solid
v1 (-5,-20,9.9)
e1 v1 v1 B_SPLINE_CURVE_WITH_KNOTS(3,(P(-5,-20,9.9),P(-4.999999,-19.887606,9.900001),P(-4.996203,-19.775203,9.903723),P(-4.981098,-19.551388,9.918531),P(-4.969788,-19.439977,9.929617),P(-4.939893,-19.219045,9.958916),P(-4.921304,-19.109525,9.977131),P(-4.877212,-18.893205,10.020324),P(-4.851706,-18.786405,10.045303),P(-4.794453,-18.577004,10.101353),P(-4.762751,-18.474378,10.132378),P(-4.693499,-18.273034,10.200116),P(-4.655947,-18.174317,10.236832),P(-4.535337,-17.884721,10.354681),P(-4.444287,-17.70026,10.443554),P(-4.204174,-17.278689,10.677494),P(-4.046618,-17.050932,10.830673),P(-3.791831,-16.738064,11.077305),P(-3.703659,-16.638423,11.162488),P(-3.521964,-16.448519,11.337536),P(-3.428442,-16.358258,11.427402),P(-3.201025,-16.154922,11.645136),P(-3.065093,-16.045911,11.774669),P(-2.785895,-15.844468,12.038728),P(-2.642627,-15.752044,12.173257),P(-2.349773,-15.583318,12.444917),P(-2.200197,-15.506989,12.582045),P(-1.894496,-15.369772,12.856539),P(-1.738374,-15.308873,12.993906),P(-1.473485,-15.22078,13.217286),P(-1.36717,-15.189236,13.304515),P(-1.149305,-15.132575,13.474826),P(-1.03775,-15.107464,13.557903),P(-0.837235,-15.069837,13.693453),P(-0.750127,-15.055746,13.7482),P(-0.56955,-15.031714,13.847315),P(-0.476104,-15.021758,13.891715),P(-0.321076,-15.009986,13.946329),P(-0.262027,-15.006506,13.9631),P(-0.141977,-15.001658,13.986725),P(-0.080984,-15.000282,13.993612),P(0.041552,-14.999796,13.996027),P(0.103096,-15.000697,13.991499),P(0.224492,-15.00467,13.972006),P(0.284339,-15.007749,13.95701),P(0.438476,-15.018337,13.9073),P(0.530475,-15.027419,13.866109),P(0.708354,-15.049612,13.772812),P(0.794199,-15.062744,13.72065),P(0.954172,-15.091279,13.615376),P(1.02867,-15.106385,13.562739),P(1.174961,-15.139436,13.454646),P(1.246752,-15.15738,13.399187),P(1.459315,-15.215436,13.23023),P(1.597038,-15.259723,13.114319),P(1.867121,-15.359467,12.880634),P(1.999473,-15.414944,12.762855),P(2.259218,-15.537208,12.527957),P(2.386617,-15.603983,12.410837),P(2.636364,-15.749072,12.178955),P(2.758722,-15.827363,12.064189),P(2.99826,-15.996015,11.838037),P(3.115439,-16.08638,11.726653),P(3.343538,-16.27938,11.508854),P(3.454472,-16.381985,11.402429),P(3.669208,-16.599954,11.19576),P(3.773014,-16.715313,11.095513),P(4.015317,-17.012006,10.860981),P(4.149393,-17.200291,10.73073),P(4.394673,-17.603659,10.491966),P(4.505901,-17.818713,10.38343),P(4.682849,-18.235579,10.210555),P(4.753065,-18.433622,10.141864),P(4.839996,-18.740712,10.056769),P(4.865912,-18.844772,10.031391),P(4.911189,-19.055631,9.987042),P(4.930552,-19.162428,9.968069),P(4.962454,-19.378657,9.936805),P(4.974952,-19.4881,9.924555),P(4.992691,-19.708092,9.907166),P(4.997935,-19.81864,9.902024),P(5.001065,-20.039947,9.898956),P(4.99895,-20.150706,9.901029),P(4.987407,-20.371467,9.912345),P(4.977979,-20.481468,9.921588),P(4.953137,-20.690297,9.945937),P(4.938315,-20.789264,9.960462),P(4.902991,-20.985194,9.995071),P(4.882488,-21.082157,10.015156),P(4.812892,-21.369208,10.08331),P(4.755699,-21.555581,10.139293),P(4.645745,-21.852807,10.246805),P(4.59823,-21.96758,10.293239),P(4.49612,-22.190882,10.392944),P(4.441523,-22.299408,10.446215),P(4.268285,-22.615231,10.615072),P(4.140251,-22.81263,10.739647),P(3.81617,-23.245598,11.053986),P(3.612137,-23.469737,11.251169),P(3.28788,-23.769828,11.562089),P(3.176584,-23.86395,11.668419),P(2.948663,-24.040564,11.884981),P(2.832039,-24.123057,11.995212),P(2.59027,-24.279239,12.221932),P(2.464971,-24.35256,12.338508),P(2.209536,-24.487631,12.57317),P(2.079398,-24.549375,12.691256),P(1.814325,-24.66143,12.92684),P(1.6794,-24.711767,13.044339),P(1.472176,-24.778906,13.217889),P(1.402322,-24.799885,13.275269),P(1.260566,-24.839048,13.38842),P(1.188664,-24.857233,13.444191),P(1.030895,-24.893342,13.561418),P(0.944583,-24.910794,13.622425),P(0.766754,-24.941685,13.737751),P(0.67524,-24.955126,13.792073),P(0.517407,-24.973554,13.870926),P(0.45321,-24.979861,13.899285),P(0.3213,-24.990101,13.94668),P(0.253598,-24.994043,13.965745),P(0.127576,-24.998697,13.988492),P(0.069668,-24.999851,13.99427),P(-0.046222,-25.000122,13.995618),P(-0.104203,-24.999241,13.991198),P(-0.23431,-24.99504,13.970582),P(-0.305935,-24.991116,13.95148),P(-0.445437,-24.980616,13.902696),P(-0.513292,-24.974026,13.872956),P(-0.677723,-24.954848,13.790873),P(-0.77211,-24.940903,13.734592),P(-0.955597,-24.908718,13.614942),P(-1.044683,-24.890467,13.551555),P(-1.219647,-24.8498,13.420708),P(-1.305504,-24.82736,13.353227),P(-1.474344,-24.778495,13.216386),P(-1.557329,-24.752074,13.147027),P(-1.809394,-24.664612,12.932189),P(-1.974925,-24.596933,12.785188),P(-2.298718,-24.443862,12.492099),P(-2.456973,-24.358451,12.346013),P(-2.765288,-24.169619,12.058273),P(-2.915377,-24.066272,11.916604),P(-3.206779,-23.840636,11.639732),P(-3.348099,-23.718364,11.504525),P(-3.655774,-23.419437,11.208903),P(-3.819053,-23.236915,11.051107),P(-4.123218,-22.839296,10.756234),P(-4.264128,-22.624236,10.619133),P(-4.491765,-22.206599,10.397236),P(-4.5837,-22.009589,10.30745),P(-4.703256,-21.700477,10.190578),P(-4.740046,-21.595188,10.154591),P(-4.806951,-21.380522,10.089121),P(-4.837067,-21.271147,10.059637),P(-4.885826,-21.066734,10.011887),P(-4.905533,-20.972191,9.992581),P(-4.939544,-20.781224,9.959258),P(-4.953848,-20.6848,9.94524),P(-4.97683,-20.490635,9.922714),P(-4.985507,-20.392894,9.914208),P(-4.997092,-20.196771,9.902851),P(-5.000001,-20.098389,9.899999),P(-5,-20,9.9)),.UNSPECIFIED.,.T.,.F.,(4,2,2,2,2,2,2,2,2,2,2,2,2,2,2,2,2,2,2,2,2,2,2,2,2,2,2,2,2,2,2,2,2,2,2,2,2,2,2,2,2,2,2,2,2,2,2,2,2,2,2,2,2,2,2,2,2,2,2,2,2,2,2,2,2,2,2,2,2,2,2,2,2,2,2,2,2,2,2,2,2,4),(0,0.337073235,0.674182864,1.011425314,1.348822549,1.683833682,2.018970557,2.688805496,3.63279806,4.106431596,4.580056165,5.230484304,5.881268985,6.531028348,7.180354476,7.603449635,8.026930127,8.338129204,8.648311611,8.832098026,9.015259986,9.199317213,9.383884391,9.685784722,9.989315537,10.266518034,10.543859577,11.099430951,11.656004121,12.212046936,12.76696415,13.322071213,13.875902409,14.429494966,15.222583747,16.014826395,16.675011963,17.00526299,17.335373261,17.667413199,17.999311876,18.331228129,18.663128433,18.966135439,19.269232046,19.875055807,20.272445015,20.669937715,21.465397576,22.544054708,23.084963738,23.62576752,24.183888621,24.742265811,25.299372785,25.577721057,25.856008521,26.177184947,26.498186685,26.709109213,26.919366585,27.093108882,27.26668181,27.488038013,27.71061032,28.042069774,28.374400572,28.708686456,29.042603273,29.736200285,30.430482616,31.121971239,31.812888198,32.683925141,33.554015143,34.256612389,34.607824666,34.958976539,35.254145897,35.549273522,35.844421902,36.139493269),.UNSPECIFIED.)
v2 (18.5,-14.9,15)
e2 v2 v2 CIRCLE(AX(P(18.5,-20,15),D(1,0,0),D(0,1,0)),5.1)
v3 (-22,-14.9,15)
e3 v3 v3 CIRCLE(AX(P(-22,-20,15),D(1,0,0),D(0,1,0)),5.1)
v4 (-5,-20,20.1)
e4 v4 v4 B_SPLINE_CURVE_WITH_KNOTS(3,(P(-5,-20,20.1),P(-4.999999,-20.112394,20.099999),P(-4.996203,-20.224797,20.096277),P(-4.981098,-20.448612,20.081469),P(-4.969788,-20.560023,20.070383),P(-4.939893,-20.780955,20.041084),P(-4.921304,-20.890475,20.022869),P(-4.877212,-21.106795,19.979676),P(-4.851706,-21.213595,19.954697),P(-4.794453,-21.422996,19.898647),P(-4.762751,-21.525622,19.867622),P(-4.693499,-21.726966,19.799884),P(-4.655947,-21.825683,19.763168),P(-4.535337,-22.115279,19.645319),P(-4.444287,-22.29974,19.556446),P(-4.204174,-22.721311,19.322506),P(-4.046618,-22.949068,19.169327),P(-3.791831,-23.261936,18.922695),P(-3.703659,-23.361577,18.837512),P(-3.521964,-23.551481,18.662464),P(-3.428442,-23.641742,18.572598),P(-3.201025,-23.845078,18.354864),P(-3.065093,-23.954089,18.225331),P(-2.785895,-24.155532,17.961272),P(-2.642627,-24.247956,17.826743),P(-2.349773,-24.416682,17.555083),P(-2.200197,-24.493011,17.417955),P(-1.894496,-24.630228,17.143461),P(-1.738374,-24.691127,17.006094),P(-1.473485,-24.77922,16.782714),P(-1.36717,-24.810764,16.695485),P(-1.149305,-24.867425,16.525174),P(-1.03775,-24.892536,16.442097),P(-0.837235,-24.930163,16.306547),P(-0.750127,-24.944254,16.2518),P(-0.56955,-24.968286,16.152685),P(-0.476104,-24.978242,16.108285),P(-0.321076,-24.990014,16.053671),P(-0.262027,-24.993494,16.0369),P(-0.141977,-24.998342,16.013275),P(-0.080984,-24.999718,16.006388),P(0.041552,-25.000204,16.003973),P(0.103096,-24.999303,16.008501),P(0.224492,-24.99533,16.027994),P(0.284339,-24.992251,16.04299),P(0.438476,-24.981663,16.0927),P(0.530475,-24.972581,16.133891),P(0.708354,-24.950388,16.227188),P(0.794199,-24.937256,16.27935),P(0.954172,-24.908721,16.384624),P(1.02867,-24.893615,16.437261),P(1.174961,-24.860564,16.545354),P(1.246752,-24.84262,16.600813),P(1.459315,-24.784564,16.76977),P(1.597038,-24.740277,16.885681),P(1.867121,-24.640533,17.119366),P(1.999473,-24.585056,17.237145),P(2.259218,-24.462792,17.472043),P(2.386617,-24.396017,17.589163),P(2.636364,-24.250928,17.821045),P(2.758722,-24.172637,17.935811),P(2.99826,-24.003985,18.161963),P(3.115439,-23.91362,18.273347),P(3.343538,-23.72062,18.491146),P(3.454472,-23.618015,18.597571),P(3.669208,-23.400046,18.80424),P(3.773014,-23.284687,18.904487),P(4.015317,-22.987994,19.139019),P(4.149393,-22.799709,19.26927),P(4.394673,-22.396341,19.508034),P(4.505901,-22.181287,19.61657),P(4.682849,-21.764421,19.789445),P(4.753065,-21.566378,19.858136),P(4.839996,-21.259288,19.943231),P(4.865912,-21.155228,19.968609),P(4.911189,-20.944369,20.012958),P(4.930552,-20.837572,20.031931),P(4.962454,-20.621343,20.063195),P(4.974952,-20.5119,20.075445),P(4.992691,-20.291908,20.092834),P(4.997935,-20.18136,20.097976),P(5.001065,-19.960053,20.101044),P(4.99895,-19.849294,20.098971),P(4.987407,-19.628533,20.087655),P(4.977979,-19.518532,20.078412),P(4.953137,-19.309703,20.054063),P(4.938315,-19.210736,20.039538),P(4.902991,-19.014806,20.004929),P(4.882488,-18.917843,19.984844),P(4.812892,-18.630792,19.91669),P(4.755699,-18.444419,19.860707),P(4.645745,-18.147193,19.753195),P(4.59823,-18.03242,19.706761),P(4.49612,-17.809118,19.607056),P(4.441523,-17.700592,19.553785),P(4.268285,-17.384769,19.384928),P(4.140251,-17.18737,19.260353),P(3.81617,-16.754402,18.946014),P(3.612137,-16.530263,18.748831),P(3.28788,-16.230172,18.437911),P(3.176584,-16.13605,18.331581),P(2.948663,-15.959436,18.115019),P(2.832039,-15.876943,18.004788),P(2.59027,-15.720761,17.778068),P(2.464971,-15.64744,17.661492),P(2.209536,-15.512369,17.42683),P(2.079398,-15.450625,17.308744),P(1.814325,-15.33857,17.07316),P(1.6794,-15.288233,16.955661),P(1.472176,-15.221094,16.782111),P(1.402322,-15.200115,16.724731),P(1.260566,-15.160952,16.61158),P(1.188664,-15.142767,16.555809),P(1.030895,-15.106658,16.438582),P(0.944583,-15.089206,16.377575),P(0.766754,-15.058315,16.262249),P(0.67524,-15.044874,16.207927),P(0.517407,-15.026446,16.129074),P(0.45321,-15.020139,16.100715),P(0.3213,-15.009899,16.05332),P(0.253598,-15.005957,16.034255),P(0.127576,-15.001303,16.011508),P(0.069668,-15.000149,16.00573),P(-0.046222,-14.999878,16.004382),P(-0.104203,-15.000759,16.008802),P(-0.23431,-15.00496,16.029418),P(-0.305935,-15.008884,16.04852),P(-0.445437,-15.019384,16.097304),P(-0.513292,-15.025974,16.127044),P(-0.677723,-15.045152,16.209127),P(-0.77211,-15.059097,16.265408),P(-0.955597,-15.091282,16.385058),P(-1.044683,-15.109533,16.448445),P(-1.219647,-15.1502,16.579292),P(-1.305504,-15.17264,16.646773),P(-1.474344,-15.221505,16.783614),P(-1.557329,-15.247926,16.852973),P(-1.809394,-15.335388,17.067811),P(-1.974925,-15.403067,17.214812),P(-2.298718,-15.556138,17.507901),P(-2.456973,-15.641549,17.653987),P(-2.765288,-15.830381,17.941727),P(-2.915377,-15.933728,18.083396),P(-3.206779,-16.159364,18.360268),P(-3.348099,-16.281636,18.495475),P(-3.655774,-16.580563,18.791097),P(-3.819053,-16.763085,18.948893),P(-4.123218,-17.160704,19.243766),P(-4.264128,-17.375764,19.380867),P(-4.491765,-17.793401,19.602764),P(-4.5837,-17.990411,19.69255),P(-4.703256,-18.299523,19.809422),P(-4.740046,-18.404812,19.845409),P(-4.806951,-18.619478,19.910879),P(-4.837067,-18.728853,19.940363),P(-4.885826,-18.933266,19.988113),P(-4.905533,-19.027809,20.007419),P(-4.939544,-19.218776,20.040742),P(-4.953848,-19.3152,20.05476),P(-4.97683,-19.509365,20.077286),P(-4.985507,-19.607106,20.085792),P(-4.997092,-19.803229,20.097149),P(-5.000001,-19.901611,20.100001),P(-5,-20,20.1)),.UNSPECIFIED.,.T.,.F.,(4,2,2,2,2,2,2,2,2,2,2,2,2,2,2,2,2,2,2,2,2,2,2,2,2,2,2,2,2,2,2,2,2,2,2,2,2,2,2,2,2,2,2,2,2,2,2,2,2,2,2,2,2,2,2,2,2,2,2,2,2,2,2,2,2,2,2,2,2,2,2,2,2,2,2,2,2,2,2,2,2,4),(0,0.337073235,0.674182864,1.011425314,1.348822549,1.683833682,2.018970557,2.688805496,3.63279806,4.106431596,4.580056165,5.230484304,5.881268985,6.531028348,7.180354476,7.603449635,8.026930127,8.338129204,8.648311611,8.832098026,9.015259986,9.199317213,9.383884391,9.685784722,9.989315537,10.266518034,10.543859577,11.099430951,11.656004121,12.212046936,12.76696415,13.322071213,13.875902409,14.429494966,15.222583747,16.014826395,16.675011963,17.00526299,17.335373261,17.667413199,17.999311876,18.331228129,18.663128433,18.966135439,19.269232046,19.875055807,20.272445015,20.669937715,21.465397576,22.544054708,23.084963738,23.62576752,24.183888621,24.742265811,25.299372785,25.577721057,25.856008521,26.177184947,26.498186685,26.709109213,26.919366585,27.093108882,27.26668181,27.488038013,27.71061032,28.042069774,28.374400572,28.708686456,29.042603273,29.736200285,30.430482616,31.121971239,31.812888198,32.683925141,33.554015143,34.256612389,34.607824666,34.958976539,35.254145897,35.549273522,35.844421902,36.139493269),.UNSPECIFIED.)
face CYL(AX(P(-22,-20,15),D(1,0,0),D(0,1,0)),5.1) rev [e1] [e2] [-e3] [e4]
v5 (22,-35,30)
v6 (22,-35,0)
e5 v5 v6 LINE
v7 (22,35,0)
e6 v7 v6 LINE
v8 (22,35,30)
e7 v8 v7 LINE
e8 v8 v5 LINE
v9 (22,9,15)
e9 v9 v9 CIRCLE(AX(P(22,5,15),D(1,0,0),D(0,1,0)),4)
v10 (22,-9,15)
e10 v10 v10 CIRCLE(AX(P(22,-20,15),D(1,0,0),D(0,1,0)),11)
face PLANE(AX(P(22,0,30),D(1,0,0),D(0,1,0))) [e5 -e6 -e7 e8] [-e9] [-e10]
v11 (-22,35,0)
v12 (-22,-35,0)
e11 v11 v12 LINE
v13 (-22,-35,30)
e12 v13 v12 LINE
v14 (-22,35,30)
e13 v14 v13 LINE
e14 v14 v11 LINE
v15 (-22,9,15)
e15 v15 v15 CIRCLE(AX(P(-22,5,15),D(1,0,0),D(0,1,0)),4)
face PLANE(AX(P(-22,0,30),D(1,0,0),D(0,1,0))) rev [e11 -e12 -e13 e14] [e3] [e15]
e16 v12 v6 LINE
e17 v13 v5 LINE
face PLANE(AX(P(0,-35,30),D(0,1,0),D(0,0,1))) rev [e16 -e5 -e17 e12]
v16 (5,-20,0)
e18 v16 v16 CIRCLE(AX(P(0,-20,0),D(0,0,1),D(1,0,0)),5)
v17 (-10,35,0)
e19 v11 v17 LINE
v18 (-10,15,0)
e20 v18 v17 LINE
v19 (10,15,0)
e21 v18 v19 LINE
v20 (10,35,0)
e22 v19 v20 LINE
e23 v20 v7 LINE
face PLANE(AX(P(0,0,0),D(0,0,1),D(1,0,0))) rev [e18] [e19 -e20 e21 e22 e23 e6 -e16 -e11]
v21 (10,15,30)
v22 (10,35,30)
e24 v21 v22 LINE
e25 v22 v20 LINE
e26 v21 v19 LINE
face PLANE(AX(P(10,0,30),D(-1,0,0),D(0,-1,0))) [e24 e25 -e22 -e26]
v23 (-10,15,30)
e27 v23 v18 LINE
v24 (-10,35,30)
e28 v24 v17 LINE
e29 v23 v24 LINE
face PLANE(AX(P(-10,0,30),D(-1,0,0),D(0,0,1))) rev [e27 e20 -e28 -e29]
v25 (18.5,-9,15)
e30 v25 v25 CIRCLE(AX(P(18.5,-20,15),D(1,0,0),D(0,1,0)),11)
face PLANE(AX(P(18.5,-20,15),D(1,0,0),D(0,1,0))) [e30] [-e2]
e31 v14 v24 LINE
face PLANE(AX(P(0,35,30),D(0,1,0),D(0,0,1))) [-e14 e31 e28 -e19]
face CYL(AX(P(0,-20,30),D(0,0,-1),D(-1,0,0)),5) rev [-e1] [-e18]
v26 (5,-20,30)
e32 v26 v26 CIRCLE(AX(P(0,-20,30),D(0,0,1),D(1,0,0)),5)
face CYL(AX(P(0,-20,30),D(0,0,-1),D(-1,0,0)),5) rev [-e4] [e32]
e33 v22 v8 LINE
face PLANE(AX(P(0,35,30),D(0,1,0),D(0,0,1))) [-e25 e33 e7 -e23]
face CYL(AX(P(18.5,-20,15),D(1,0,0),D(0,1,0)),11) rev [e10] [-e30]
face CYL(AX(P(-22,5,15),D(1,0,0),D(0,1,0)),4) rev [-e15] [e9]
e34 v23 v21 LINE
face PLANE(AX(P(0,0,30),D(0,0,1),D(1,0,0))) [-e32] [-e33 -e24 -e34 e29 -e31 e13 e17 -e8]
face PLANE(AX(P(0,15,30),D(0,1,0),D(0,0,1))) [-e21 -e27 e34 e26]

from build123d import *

# Parameters (mm, degrees)
CROQUIS1_R              = 5
SALIENTE_EXTRUIR1_DEPTH = 30
CROQUIS2_R              = 11
CORTAR_EXTRUIR1_DEPTH   = 3.5
CROQUIS3_R              = 5.1
CORTAR_EXTRUIR2_DEPTH   = 62.361632964
CROQUIS4_R              = 4
CORTAR_EXTRUIR3_DEPTH   = 64.725975982


with BuildPart() as part:
    # Croquis1 → Saliente-Extruir1 (new body)
    with BuildSketch(Plane.XY):
        Polygon((-10, 35), (-22, 35), (-22, -35), (22, -35), (22, 35), (10, 35), (10, 15), (-10, 15), align=None)
        with Locations((0, -20)):
            Circle(CROQUIS1_R, mode=Mode.SUBTRACT)
    extrude(amount=SALIENTE_EXTRUIR1_DEPTH)

    # Croquis2 → Cortar-Extruir1 (cut)
    with BuildSketch(Plane(origin=(22, 0, 0), x_dir=(0, 0, -1), z_dir=(1, 0, 0))):
        with Locations(Location((-15, -20, 0), (0, 0, 90))):
            Circle(CROQUIS2_R)
    extrude(amount=-CORTAR_EXTRUIR1_DEPTH, mode=Mode.SUBTRACT)

    # Croquis3 → Cortar-Extruir2 (cut, through all)
    with BuildSketch(Plane(origin=(18.5, 0, 0), x_dir=(0, 0, -1), z_dir=(1, 0, 0))):
        with Locations(Location((-15, -20, 0), (0, 0, 90))):
            Circle(CROQUIS3_R)
    extrude(amount=-CORTAR_EXTRUIR2_DEPTH, mode=Mode.SUBTRACT)

    # Croquis4 → Cortar-Extruir3 (cut, through all)
    with BuildSketch(Plane(origin=(22, 0, 0), x_dir=(0, 0, -1), z_dir=(1, 0, 0))):
        with Locations(Location((-15, 5, 0), (0, 0, 90))):
            Circle(CROQUIS4_R)
    extrude(amount=-CORTAR_EXTRUIR3_DEPTH, mode=Mode.SUBTRACT)


solid = part.part
